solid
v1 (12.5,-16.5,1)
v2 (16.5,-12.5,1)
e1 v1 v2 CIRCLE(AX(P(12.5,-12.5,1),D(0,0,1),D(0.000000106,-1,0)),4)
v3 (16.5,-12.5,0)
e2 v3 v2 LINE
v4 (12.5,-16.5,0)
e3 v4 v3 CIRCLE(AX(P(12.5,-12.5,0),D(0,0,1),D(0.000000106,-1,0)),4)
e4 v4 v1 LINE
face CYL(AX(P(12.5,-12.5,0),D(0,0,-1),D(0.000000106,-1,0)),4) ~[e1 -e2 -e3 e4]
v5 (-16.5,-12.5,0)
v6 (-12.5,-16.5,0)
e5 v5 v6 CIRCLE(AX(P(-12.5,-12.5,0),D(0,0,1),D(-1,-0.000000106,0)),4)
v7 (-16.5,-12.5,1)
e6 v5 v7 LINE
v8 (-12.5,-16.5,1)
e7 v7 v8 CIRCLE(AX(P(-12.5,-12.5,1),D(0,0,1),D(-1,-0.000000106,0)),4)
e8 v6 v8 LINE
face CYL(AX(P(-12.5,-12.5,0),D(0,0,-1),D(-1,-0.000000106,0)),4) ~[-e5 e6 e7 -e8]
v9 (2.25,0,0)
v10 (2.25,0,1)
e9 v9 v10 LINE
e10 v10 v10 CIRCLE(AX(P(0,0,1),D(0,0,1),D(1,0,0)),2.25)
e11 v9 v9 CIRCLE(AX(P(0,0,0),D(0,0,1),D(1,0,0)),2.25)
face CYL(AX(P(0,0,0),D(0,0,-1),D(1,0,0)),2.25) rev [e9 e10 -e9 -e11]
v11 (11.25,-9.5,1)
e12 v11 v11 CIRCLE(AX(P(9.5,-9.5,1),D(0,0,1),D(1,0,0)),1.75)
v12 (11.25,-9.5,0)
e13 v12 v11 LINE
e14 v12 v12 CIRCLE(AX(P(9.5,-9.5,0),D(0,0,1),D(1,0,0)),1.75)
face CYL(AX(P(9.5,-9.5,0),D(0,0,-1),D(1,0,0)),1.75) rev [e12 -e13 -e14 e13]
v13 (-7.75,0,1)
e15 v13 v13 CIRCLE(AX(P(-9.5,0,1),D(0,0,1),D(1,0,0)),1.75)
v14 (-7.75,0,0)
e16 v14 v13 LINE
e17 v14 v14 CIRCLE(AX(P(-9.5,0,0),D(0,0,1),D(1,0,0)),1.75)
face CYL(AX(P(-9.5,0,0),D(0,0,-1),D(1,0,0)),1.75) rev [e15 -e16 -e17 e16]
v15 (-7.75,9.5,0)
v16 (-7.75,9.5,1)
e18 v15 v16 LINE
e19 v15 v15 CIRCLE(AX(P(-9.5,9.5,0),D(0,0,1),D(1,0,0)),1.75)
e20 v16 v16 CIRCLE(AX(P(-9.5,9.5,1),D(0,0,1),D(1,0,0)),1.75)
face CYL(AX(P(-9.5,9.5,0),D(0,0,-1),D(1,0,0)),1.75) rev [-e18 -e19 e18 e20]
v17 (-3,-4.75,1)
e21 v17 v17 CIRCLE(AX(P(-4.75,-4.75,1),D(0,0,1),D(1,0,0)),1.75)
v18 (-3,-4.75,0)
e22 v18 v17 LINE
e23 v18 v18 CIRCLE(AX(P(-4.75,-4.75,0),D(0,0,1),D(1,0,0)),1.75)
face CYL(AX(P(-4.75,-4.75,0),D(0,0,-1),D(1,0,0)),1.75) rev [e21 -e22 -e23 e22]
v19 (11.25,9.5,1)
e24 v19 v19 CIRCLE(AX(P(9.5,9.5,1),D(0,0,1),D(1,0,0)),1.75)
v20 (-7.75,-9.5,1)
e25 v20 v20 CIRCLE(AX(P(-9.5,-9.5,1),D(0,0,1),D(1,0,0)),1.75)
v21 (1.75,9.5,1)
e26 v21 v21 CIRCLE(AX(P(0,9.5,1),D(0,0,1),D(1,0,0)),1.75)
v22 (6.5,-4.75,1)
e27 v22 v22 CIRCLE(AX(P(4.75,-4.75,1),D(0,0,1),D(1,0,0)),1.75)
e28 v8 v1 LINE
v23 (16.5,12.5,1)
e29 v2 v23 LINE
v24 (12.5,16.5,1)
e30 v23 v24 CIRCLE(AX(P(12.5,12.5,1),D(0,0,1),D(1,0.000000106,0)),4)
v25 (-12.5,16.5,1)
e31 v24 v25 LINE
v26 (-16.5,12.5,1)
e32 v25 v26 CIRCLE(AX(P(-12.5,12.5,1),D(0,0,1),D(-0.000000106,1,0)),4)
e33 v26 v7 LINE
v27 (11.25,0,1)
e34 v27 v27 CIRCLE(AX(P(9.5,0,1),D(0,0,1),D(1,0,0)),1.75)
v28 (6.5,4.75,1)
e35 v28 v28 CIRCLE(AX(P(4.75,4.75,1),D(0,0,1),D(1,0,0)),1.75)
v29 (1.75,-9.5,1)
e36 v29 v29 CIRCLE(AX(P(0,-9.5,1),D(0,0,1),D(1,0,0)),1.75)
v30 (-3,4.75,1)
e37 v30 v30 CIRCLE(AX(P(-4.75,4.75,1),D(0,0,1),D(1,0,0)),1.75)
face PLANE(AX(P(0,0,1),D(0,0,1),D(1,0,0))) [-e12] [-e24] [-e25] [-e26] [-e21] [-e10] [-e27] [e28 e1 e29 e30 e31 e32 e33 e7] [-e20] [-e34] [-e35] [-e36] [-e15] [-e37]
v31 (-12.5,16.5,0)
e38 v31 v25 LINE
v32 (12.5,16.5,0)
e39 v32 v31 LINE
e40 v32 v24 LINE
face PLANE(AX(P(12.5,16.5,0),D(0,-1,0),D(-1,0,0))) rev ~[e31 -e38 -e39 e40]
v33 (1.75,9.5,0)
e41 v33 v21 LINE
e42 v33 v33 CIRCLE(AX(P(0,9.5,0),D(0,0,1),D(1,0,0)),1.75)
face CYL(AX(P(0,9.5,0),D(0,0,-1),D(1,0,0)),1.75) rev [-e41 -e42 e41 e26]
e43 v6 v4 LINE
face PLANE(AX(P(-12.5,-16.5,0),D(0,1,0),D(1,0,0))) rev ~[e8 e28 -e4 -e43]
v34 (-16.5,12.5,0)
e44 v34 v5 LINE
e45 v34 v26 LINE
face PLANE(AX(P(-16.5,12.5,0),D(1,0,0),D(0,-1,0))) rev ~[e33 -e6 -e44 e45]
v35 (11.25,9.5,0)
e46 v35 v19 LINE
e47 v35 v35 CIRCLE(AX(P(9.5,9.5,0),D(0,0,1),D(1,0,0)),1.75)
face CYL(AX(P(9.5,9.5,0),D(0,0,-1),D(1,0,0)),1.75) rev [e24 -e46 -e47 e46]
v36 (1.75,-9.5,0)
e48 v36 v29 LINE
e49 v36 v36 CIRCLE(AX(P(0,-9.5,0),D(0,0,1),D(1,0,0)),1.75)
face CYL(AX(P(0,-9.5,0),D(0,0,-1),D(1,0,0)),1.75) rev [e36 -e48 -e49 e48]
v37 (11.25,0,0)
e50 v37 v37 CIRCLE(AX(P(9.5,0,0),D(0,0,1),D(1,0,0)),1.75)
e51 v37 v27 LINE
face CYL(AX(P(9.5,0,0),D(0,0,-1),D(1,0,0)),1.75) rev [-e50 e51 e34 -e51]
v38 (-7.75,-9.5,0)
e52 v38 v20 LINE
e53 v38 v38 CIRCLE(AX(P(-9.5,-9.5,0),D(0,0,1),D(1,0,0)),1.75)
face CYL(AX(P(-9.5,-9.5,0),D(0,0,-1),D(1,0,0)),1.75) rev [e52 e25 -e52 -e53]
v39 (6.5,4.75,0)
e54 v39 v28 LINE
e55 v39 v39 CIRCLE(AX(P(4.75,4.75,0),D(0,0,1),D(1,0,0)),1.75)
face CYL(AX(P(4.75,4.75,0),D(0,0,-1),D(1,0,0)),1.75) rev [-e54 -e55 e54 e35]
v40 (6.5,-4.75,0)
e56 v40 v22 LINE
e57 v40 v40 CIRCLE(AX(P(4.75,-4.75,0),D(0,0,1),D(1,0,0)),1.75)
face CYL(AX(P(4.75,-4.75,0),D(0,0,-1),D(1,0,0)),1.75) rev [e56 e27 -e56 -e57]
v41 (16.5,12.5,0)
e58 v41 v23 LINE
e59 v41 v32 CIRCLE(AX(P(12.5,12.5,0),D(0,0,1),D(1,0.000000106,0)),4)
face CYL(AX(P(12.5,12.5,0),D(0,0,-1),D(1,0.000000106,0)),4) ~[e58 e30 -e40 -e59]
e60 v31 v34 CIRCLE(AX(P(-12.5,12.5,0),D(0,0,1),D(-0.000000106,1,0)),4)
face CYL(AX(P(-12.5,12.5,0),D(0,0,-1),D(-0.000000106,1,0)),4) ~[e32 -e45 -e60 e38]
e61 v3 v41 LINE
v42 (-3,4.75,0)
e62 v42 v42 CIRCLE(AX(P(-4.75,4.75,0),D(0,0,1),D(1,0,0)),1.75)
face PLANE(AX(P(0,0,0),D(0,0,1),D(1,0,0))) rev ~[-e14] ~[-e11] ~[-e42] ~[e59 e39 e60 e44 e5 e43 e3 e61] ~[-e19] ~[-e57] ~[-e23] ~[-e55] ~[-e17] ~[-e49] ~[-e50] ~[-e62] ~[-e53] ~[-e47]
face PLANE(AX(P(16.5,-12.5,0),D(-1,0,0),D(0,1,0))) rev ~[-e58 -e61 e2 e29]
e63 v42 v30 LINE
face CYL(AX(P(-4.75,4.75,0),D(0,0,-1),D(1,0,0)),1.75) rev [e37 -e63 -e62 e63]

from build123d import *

# Parameters (mm, degrees)
F0_R     = 1.75
F0_R_2   = 2.25
F1_DEPTH = 1


with BuildPart() as f1:
    # F0 (on Top) → F1 (new body)
    with BuildSketch(Plane.XY):
        with BuildLine():
            ThreePointArc((16.5, 12.5), (15.328427, 15.328427), (12.5, 16.5))
            Line((12.5, 16.5), (-12.5, 16.5))
            ThreePointArc((-12.5, 16.5), (-15.328427, 15.328427), (-16.5, 12.5))
            Line((-16.5, 12.5), (-16.5, -12.5))
            ThreePointArc((-16.5, -12.5), (-15.328427, -15.328427), (-12.5, -16.5))
            Line((-12.5, -16.5), (12.5, -16.5))
            ThreePointArc((12.5, -16.5), (15.328427, -15.328427), (16.5, -12.5))
            Line((16.5, -12.5), (16.5, 12.5))
        make_face()
        with Locations((-9.5, -9.5)):
            Circle(F0_R, mode=Mode.SUBTRACT)
        with Locations((-4.75, -4.75)):
            Circle(F0_R, mode=Mode.SUBTRACT)
        with Locations((0, -9.5)):
            Circle(F0_R, mode=Mode.SUBTRACT)
        with Locations((9.5, -9.5)):
            Circle(F0_R, mode=Mode.SUBTRACT)
        with Locations((4.75, -4.75)):
            Circle(F0_R, mode=Mode.SUBTRACT)
        with Locations((-9.5, 0)):
            Circle(F0_R, mode=Mode.SUBTRACT)
        with Locations((-4.75, 4.75)):
            Circle(F0_R, mode=Mode.SUBTRACT)
        with Locations((-9.5, 9.5)):
            Circle(F0_R, mode=Mode.SUBTRACT)
        Circle(F0_R_2, mode=Mode.SUBTRACT)
        with Locations((4.75, 4.75)):
            Circle(F0_R, mode=Mode.SUBTRACT)
        with Locations((9.5, 0)):
            Circle(F0_R, mode=Mode.SUBTRACT)
        with Locations((0, 9.5)):
            Circle(F0_R, mode=Mode.SUBTRACT)
        with Locations((9.5, 9.5)):
            Circle(F0_R, mode=Mode.SUBTRACT)
    extrude(amount=F1_DEPTH)


solid = f1.part
